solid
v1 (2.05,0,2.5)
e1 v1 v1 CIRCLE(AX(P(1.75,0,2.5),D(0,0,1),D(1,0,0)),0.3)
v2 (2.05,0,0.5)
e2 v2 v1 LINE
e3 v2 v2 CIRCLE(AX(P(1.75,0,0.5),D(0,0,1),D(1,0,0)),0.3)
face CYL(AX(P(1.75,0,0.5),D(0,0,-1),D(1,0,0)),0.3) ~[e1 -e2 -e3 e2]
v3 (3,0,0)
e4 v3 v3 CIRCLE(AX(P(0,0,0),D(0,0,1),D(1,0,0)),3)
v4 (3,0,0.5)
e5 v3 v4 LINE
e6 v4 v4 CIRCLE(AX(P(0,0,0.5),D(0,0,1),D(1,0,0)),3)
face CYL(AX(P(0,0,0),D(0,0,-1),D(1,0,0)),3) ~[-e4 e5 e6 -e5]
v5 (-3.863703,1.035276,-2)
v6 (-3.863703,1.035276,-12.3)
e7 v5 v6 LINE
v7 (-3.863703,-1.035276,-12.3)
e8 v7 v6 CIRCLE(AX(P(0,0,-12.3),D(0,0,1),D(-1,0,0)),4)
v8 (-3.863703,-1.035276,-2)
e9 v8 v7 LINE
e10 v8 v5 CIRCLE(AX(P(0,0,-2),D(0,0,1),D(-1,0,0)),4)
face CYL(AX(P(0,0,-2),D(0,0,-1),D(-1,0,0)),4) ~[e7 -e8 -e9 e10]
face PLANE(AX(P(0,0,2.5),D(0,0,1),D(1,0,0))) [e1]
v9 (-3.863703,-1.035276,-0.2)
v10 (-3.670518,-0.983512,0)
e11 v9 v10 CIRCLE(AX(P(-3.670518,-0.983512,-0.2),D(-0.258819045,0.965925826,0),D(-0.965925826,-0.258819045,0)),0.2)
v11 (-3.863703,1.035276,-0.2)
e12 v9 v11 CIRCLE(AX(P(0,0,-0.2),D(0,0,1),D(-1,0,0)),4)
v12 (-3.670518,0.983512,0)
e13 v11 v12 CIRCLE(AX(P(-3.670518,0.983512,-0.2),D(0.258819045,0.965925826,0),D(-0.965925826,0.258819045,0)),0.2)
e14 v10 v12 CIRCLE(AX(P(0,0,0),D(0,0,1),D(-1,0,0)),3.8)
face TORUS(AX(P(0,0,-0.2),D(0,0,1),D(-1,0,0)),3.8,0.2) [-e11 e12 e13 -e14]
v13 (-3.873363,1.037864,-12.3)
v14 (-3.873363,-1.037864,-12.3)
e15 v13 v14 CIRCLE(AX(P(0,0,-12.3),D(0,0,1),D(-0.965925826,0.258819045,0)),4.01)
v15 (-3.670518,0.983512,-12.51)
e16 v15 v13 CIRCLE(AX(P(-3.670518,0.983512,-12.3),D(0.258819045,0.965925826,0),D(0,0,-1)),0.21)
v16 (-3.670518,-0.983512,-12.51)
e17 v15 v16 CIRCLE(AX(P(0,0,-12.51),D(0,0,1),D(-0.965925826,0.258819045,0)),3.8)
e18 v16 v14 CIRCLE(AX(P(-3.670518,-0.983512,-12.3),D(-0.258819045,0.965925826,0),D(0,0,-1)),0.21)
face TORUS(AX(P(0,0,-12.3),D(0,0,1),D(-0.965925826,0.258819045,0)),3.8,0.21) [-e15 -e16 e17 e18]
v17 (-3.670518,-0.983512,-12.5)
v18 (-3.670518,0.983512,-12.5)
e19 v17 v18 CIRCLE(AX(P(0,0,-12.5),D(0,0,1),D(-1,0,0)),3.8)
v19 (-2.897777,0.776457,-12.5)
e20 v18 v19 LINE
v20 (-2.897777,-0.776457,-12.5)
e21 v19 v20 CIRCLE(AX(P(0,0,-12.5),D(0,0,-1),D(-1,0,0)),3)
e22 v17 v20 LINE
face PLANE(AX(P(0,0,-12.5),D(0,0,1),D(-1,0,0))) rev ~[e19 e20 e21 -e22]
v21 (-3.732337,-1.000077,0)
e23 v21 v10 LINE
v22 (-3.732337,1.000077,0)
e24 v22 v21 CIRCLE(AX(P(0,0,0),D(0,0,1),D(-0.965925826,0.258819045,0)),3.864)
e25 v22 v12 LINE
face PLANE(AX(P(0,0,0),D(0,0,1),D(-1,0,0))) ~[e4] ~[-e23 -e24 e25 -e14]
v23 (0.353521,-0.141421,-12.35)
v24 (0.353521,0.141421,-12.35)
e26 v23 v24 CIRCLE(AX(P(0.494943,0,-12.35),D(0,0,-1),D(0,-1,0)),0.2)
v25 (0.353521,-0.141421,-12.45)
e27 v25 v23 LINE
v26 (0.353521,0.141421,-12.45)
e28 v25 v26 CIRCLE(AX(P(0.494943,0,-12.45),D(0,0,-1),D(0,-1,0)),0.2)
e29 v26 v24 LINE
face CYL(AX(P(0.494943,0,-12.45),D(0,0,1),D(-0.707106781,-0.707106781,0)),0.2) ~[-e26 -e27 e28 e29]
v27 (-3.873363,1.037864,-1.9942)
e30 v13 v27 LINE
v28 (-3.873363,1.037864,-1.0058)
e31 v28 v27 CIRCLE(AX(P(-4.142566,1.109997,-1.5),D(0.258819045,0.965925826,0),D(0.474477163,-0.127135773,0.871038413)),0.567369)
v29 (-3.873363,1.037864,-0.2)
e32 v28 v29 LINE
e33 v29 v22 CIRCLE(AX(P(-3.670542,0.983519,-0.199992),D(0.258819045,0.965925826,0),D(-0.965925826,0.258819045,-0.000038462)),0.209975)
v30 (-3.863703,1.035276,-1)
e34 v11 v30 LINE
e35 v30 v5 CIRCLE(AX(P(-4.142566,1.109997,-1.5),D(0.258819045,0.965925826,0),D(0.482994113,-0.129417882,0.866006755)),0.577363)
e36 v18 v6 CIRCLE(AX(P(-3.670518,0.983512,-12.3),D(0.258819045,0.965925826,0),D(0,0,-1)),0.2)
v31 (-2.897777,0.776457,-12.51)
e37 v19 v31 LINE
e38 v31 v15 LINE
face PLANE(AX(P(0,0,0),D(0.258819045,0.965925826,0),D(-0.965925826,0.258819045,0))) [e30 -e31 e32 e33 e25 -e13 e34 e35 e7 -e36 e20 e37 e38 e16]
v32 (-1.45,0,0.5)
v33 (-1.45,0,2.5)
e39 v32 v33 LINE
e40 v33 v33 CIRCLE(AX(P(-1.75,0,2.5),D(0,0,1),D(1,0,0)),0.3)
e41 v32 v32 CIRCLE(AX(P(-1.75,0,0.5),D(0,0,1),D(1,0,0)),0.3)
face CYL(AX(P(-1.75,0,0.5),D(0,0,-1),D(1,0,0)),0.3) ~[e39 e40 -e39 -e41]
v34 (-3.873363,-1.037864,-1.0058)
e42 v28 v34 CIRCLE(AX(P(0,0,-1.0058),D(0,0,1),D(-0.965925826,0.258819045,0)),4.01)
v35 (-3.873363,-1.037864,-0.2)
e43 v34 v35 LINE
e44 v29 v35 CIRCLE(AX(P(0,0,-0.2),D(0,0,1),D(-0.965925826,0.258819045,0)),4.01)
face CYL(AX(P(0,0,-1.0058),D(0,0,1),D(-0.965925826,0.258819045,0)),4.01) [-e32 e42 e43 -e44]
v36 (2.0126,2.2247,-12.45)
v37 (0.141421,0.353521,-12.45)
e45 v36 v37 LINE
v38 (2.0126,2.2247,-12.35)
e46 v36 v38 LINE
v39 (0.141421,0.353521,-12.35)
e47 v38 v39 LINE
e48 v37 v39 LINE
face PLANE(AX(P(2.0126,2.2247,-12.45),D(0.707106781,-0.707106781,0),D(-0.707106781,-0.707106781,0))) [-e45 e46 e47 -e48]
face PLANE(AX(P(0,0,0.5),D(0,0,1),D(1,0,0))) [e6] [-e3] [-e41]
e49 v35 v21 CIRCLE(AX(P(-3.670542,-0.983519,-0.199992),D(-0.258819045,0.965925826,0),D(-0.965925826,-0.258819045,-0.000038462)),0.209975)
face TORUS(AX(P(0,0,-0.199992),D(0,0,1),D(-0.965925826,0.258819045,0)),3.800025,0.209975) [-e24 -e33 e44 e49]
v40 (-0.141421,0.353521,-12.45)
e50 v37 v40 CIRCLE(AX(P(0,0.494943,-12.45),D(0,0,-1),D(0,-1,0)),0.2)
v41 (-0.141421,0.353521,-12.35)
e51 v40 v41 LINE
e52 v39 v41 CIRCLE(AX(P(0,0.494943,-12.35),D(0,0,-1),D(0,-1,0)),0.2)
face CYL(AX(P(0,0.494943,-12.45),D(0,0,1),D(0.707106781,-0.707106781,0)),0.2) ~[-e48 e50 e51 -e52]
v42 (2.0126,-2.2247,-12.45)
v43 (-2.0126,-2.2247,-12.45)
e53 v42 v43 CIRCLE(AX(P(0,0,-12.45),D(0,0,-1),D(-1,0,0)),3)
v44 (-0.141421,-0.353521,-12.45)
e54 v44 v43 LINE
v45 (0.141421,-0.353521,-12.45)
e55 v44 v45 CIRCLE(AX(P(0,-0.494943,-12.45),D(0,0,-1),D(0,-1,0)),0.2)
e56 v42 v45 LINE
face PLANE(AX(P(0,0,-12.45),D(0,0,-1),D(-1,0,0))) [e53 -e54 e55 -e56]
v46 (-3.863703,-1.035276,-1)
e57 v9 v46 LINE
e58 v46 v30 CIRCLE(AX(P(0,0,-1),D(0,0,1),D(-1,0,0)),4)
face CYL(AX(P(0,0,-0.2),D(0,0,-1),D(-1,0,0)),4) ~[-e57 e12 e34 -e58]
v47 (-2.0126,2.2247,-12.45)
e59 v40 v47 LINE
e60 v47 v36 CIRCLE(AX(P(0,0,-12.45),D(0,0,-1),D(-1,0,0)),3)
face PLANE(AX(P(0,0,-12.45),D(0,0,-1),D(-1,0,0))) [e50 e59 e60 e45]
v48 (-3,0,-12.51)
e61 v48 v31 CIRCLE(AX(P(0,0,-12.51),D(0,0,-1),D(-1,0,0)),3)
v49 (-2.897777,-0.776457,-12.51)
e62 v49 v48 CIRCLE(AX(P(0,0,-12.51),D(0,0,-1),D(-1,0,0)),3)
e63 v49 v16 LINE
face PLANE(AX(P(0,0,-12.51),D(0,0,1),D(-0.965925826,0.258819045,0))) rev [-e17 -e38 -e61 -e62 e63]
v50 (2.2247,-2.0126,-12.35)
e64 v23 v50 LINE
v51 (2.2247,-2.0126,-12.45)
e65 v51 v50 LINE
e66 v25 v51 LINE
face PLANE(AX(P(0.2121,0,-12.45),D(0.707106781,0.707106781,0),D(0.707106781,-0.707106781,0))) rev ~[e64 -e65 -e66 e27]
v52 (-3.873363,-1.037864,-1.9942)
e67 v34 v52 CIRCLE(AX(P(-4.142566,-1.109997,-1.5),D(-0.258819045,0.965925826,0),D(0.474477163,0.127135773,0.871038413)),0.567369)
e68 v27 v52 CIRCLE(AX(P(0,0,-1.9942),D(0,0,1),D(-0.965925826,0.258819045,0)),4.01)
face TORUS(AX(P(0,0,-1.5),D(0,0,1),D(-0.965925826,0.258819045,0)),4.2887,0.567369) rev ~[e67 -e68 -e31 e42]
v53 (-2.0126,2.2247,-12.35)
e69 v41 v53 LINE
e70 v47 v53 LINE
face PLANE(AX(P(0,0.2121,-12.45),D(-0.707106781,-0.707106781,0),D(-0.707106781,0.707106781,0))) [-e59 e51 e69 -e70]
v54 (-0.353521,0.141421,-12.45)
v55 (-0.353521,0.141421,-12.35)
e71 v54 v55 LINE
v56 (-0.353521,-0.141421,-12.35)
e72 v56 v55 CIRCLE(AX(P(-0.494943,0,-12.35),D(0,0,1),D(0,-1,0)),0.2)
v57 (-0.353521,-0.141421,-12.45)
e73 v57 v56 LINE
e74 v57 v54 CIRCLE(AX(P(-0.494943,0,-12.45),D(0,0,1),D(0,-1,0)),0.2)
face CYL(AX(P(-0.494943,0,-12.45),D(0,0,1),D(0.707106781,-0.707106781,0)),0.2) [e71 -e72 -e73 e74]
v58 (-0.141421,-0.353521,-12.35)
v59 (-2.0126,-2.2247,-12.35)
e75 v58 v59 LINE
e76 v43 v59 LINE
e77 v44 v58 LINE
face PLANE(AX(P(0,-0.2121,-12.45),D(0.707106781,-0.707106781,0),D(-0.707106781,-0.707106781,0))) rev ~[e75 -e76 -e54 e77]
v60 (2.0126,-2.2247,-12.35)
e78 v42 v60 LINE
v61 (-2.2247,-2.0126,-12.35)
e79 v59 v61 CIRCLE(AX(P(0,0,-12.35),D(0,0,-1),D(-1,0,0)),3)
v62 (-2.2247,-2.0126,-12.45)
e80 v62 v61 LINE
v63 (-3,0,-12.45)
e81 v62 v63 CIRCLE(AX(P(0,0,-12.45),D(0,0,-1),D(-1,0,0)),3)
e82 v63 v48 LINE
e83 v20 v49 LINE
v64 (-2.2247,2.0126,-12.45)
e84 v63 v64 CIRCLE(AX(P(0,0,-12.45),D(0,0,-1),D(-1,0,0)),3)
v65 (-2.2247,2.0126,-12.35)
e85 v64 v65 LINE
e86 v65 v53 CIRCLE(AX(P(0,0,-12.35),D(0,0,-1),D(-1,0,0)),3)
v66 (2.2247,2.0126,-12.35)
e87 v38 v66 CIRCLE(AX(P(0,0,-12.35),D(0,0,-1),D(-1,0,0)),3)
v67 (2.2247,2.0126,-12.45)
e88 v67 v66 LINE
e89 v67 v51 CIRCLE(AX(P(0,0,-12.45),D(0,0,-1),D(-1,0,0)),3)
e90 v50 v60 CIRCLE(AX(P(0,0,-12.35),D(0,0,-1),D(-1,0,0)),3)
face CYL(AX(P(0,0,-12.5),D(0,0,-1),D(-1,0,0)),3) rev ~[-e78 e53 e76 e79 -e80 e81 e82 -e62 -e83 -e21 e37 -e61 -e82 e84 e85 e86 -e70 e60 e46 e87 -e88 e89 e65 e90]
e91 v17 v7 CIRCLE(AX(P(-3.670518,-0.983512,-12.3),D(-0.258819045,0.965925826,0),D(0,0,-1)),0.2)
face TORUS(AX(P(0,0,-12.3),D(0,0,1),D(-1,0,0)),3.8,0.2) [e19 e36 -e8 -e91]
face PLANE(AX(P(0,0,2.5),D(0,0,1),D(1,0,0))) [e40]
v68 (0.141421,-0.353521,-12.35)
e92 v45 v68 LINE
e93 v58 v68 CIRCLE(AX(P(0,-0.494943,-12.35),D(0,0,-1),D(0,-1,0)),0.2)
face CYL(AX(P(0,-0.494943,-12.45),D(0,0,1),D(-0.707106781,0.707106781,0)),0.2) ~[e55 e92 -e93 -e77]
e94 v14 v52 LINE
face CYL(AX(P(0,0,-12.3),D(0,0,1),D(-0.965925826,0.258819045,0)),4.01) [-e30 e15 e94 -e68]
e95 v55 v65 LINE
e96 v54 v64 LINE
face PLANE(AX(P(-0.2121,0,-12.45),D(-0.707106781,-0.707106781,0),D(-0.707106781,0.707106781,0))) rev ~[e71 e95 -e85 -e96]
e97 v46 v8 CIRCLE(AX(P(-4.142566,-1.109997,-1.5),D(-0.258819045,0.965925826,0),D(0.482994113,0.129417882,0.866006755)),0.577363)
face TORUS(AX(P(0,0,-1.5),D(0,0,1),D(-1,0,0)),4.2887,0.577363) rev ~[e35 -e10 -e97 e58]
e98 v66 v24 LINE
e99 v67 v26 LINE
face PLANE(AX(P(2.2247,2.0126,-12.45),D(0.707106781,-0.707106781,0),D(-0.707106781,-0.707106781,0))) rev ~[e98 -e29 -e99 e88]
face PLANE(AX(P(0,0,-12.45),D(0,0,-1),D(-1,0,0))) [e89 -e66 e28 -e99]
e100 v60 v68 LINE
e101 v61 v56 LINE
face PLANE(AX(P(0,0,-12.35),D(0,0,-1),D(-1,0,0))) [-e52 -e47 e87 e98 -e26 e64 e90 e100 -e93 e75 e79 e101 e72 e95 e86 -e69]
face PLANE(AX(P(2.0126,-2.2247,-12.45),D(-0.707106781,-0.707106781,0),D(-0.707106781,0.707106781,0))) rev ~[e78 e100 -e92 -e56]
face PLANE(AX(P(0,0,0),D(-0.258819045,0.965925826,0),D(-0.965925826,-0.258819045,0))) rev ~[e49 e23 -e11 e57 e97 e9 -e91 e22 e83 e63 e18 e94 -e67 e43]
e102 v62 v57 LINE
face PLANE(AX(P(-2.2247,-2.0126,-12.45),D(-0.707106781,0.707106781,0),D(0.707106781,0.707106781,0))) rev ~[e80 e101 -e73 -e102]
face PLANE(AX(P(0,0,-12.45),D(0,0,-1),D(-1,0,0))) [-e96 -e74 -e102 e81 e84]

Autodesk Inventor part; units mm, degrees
ref_plane "YZ Plane" through (0, 0, 0) normal (1, 0, 0) x (0, 1, 0)
ref_plane "XZ Plane" through (0, 0, 0) normal (0, 1, 0) x (-1, 0, 0)
ref_plane "XY Plane" through (0, 0, 0) normal (0, 0, 1) x (1, 0, 0)
sketch "Sketch1" plane through (0, 0, 0) normal (0, 1, 0) x (-1, 0, 0)
  line L0 (0, 0) -> (3.8, 0)
  line L1 (4, -0.2) -> (4, -1)
  arc A0 (4, -1) -> (4, -2) centre (4.2887, -1.5) ccw
  line L2 (4, -2) -> (4, -12.3)
  line L3 (3.8, -12.5) -> (0, -12.5)
  line L4 (0, -12.5) -> (0, 0)
  line L5 (4, -1) -> (3.134, -1.5) construction
  arc A1 (3.8, -12.5) -> (4, -12.3) centre (3.8, -12.3) ccw
  arc A2 (4, -0.2) -> (3.8, 0) centre (3.8, -0.2) ccw
  line L6 (0, -12.5) -> (0, -12.51)
  line L7 (0, -12.51) -> (3.8, -12.51)
  arc A3 (3.8, -12.51) -> (4.01, -12.3) centre (3.8, -12.3) ccw
  line L8 (4.01, -12.3) -> (4.01, -1.9942)
  arc A4 (4.01, -1.0058) -> (4.01, -1.9942) centre (4.2887, -1.5) ccw
  line L9 (4.01, -1.0058) -> (4.01, -0.2)
  arc A5 (4.01, -0.2) -> (3.864, 0) centre (3.8, -0.2) ccw
  line L10 (3.864, 0) -> (3.8, 0)
  line L11 (3.7113, -1.5) -> (3.7213, -1.5) construction
  point P0 (4, 0)
  point P1 (4, -12.5)
  dimension "d0" = 4
  dimension "d1" = 12.5
  dimension "d3" = 1
  dimension "d4" = 60
  dimension "d5" = 1
  dimension "d7" = 0.2
  dimension "d8" = 0.2
  dimension "d20" = 0.01
revolve "Revolution1" add sketch "Sketch1" angle 360 about axis through (0, 0, -12.5) along (0, 0, 1) contours L0 A2 L1 A0 L2 A1 L3 L4
revolve "Revolution2" add sketch "Sketch1" angle 30 mid plane about axis through (0, 0, -12.5) along (0, 0, 1) contours L10 A5 L9 A4 L8 A3 L7 L6 L3 A1 L2 A0 L1 A2
sketch "Sketch2" plane through (0, 0, -12.5) normal (0, 0, -1) x (-1, 0, 0)
  circle A0 centre (0, 0) radius 3
  dimension "d9" = 6
extrude "Extrusion1" cut sketch "Sketch2" against normal mid plane 0.1
sketch "Sketch6" plane through (0, 0, 0) normal (0, 0, 1) x (1, 0, 0)
  circle A0 centre (0, 0) radius 3
  dimension "d27" = 6
extrude "Extrusion4" add sketch "Sketch6" along normal blind 0.5
sketch "Sketch3" plane through (0, 0, 0.5) normal (0, 0, 1) x (1, 0, 0)
  circle A0 centre (-1.75, 0) radius 0.3
  circle A1 centre (1.75, 0) radius 0.3
  line L0 (0, -5.6) -> (0, 5.6) construction
  point P0 (0, 0)
  dimension "d12" = 3.5
  dimension "d13" = 0.6
extrude "Extrusion2" add sketch "Sketch3" along normal blind 2
sketch "Sketch5" plane through (0, 0, -12.45) normal (0, 0, -1) x (-1, 0, 0)
  line L0 (-2.0126, 2.2247) -> (0, 0.2121)
  line L1 (0, 0.2121) -> (2.0126, 2.2247)
  circle A0 centre (0, 0) radius 3 projected
  line L2 (-2.2247, 2.0126) -> (-0.2121, 0)
  line L3 (-0.2121, 0) -> (-2.2247, -2.0126)
  line L4 (-2.0126, -2.2247) -> (0, -0.2121)
  line L5 (0, -0.2121) -> (2.0126, -2.2247)
  line L6 (2.2247, -2.0126) -> (0.2121, 0)
  line L7 (0.2121, 0) -> (2.2247, 2.0126)
  line L8 (0, 0.2121) -> (0.2121, 0) construction
  line L9 (0, -0.2121) -> (-0.2121, 0) construction
  line L10 (-0.2121, 0) -> (0, 0.2121) construction
  line L11 (0, -0.2121) -> (0.2121, 0) construction
  dimension "d23" = 0.3
extrude "Extrusion3" cut sketch "Sketch5" against normal blind 0.1 contours L0 L1 A0 L7 L6 L5 L4 L3 L2
fillet "Fillet1" radius 0.2 4 edges at (0, 0.2121, -12.4) (-0.2121, 0, -12.4) (0, -0.2121, -12.4) (0.2121, 0, -12.4)
properties part number "CPOL-D8-H11_5-P3_5"
